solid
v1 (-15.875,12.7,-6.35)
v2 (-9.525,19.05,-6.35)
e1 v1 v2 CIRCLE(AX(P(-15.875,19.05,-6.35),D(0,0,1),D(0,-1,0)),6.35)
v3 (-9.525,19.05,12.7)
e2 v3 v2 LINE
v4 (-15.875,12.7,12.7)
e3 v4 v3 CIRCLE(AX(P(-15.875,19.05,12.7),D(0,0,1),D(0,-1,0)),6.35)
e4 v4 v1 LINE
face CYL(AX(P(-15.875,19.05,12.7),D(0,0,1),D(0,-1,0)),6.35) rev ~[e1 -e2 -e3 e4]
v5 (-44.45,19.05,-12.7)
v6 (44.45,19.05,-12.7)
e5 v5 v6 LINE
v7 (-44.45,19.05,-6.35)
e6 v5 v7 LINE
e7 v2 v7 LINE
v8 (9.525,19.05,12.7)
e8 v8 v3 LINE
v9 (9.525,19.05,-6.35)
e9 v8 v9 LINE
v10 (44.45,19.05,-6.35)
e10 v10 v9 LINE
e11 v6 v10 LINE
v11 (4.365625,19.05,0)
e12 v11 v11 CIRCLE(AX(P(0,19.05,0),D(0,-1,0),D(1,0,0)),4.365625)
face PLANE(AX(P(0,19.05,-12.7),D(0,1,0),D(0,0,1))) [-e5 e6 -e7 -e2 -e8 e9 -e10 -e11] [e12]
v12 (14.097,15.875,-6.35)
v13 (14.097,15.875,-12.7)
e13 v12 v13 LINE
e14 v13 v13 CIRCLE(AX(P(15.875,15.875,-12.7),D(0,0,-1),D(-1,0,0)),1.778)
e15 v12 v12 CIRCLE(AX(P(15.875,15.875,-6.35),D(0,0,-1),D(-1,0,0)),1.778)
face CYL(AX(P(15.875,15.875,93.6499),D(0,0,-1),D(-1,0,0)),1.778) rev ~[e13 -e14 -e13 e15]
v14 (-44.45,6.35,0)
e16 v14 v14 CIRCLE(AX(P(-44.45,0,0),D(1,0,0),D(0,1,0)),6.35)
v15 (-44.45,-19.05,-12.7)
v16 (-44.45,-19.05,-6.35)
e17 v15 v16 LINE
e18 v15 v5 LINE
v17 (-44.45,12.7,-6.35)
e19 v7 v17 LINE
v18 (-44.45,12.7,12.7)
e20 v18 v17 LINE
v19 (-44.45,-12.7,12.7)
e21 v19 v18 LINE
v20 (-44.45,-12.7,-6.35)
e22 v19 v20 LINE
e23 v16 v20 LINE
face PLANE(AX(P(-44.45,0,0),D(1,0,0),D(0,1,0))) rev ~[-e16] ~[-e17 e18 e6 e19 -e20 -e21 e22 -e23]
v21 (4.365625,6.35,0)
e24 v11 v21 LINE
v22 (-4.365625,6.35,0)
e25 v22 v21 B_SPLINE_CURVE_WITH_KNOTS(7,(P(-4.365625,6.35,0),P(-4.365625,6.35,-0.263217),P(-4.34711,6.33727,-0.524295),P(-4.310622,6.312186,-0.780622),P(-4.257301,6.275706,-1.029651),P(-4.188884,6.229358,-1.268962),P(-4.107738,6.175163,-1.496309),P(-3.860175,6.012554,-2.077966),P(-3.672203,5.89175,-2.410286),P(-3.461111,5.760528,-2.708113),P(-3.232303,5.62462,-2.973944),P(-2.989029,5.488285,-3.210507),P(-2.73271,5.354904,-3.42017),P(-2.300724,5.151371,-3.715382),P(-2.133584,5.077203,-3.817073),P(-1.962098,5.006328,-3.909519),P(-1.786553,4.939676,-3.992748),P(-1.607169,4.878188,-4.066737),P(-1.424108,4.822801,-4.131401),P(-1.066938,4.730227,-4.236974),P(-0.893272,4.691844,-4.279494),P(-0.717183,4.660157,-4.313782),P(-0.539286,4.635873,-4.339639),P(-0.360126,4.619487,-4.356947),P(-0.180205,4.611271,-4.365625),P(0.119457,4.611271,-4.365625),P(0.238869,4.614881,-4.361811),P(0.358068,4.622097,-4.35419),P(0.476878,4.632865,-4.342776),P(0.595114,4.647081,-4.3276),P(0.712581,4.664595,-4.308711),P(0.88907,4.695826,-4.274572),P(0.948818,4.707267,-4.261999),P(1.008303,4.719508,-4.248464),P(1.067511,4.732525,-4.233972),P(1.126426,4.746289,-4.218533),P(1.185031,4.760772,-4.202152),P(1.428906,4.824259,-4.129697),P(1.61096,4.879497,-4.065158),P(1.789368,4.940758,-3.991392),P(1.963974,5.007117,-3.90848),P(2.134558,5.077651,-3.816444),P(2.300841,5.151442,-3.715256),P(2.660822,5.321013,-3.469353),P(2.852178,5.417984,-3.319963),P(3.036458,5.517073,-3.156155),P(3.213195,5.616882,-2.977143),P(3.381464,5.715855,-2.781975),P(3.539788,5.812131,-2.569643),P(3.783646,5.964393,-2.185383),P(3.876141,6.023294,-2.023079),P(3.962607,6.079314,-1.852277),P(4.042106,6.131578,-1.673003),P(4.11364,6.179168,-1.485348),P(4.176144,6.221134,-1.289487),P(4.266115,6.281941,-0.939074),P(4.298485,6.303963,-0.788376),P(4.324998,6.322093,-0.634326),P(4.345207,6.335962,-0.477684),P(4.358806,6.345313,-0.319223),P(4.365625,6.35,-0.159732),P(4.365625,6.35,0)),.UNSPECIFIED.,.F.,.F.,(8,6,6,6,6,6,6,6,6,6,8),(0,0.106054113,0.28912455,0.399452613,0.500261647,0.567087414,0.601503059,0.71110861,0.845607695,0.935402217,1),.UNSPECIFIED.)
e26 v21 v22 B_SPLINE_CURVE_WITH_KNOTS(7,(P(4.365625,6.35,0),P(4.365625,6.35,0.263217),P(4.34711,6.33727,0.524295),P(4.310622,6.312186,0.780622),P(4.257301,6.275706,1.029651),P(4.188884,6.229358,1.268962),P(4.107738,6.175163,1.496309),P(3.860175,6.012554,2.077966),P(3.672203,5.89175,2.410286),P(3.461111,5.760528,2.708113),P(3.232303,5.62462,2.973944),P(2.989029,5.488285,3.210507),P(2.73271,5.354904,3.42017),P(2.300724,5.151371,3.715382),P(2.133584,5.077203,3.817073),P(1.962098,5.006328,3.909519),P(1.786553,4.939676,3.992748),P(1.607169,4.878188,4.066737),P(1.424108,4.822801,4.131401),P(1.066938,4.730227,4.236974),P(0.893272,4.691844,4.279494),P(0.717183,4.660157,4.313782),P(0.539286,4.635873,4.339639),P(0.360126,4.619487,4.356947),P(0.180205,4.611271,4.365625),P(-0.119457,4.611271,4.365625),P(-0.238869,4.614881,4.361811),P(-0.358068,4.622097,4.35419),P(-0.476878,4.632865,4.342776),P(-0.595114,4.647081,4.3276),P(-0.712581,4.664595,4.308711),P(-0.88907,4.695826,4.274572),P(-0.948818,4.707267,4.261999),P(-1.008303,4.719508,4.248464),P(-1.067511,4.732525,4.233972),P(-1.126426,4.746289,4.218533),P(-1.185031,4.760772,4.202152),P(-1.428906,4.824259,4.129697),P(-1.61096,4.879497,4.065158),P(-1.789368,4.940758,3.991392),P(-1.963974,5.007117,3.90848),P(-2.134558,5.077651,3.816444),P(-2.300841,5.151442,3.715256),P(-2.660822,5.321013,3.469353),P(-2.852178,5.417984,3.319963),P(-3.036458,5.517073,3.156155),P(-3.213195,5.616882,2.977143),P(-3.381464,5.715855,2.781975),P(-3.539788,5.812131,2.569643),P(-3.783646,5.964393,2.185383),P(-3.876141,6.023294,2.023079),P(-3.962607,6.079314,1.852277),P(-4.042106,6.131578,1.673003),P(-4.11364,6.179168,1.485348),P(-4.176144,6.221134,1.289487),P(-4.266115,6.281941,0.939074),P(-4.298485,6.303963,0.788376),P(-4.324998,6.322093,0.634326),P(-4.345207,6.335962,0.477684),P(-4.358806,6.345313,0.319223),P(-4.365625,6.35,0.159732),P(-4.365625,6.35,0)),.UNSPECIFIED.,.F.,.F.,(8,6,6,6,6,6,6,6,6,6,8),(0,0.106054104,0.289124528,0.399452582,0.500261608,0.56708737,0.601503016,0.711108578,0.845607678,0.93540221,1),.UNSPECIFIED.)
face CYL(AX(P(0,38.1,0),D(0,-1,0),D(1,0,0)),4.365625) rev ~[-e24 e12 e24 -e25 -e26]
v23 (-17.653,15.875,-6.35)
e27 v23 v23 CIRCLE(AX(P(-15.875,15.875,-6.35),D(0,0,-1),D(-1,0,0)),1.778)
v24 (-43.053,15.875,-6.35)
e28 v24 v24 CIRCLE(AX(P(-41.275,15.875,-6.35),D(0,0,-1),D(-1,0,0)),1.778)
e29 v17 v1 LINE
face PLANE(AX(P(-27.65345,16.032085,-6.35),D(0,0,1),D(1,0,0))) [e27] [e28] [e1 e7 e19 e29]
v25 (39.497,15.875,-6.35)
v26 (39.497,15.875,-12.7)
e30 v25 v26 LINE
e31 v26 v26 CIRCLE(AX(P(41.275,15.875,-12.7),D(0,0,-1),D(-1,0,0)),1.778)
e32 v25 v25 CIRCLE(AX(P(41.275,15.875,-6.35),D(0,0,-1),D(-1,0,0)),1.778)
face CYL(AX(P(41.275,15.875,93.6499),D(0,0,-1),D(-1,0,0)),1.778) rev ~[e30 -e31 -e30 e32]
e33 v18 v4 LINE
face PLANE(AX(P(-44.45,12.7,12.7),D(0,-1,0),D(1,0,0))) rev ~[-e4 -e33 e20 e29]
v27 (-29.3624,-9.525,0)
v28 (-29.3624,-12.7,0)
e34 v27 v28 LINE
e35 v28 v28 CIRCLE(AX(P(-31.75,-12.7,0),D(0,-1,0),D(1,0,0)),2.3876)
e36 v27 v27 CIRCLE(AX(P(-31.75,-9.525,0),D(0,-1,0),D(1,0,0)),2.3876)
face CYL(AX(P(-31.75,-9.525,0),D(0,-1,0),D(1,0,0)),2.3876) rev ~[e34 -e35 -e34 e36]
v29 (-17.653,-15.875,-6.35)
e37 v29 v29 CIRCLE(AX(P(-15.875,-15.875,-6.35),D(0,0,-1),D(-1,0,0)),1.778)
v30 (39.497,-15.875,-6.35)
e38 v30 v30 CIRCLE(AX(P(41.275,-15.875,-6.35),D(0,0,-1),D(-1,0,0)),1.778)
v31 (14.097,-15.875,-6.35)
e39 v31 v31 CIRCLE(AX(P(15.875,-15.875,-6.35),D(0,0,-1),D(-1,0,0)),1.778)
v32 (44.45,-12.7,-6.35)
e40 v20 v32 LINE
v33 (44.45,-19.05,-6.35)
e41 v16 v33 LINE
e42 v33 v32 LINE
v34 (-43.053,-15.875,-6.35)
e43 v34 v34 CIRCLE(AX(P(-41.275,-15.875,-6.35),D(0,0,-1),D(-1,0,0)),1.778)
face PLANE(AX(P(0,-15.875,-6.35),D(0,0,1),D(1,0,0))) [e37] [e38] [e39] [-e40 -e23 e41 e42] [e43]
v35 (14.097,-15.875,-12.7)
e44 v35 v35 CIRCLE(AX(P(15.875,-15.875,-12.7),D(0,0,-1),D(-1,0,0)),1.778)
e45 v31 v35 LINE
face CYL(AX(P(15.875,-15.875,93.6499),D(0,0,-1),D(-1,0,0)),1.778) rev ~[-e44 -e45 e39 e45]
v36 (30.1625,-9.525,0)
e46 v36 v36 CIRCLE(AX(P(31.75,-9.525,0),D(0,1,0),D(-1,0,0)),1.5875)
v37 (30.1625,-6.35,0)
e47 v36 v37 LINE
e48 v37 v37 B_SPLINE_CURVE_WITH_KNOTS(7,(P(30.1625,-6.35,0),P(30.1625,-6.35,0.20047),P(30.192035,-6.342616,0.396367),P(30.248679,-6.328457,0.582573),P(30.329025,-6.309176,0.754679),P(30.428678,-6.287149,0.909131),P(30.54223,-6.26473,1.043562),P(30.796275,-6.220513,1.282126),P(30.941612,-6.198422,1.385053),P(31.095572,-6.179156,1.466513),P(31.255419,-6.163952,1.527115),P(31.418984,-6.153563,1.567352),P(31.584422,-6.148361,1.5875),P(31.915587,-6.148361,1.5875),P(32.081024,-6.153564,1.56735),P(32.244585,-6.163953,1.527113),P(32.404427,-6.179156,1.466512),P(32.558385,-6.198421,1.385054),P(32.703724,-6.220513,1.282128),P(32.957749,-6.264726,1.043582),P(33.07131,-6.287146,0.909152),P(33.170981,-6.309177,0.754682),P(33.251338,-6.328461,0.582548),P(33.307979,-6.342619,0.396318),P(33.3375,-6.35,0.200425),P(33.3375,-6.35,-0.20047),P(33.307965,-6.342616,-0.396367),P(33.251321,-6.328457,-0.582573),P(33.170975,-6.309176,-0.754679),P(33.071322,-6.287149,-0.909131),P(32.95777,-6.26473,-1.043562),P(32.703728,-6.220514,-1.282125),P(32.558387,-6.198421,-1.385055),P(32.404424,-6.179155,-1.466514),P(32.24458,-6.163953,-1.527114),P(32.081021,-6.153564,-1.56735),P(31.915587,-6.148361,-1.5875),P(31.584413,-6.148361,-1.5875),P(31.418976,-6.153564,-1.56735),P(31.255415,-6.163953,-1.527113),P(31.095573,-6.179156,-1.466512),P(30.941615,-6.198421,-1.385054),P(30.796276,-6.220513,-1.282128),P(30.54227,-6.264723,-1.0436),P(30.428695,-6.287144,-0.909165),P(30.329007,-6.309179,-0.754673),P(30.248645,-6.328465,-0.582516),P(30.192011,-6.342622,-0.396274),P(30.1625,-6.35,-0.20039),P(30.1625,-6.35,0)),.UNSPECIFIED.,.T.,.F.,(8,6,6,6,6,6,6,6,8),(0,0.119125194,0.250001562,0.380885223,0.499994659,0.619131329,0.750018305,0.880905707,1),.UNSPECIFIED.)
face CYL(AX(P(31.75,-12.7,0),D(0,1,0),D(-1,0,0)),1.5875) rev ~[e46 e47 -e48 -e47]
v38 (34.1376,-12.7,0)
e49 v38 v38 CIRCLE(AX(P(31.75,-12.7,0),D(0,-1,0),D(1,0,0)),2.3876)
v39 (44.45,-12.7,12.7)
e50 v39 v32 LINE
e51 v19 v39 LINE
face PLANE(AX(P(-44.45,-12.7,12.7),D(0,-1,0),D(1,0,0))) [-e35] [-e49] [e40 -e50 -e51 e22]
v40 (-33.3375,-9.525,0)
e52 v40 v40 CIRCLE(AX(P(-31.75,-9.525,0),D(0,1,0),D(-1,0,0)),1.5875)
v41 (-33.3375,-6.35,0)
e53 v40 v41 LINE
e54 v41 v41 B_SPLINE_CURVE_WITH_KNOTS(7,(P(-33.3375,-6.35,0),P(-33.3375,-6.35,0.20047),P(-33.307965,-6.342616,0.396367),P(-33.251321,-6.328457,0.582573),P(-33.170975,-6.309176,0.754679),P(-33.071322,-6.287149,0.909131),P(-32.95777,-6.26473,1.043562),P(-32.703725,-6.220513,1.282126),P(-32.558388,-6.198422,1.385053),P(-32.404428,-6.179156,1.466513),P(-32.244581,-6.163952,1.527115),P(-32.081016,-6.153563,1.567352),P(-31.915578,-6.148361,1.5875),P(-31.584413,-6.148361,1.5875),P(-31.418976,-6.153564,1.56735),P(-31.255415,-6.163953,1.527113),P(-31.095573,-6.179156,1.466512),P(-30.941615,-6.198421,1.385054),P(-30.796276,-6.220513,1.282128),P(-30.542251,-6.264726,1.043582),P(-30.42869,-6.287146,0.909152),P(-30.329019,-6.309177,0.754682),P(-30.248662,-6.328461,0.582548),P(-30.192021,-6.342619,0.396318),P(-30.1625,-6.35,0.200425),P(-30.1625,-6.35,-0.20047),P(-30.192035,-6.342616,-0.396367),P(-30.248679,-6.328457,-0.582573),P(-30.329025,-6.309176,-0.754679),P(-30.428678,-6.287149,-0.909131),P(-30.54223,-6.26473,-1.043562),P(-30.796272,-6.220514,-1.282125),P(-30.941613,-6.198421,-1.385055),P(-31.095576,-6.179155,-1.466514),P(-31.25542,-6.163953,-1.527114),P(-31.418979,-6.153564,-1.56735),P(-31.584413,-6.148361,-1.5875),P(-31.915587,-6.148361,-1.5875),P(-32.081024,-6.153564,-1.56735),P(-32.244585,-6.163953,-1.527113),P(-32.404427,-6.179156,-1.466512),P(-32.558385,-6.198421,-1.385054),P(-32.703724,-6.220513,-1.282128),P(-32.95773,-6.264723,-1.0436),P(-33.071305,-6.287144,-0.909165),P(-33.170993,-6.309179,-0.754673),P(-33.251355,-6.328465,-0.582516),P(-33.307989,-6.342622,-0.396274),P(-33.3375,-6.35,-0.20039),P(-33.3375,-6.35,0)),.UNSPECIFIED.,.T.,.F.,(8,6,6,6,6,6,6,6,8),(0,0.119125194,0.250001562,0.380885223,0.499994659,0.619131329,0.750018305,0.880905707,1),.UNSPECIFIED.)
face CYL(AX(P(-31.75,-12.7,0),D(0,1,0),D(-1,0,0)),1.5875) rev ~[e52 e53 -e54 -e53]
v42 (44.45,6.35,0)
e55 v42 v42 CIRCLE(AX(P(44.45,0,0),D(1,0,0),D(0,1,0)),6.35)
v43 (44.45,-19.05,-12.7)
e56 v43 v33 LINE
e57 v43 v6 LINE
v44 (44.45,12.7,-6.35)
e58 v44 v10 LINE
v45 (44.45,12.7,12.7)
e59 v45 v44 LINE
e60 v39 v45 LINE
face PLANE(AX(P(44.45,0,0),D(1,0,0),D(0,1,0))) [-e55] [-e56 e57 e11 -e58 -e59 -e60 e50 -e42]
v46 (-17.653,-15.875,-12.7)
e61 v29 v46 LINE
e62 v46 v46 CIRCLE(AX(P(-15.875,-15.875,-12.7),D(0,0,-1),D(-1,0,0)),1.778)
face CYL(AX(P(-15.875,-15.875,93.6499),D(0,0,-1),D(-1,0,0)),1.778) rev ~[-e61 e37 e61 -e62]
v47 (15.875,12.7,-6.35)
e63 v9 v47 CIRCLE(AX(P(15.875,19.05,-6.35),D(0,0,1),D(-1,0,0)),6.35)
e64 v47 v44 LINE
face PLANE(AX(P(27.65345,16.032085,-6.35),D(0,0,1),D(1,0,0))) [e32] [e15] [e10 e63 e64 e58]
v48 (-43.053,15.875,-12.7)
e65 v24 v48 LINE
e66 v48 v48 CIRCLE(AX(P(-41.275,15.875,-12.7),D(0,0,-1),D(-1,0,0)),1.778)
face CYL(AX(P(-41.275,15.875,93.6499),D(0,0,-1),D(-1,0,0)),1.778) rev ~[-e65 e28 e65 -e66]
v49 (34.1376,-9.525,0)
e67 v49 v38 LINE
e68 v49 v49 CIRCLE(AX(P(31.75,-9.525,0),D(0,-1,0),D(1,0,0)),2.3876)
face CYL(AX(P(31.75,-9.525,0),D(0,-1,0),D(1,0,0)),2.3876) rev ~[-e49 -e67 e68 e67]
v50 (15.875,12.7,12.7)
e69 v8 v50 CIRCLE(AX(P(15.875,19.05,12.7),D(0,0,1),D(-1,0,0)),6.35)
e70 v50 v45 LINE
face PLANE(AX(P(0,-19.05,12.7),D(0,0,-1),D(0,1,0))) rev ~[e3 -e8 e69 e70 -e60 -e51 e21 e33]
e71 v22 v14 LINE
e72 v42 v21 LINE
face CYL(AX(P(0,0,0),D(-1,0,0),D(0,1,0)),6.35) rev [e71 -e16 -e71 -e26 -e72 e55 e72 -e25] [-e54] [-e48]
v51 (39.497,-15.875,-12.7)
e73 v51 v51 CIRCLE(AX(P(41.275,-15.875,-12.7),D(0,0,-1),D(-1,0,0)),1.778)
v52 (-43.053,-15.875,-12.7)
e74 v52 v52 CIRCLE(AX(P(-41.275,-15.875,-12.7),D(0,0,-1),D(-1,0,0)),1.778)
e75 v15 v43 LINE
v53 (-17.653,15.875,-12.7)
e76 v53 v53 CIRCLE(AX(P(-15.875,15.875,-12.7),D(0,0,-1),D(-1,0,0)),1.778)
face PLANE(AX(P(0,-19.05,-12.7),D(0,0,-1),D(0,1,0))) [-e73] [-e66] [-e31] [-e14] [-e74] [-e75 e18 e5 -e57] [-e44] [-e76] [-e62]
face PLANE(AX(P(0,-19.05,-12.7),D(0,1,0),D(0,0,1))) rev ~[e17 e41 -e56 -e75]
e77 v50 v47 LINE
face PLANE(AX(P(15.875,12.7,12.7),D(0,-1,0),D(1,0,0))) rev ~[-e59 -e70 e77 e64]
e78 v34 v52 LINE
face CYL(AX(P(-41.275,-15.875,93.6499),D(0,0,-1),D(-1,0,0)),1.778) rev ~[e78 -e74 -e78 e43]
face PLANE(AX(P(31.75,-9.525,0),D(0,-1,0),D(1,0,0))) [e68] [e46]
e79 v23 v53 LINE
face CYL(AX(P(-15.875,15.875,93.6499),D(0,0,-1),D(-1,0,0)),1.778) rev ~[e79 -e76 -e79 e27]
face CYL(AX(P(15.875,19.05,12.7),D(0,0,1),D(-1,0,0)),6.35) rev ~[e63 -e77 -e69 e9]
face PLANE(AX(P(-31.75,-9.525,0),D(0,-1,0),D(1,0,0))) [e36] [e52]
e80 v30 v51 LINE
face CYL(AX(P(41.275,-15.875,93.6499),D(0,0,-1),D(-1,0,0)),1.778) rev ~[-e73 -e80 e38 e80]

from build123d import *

# Parameters (mm, degrees)
F0_W           = 38.1
F0_H           = 25.4
F0_R           = 6.35
F1_DEPTH       = 44.45
F2_W           = 88.9
F2_H           = 6.35
F3_DEPTH       = 19.05
F5_D           = 8.73125
F5_DEPTH       = 19.05
F5_TIP         = 2.6231321399
F7_D           = 3.175
F7_DEPTH       = 12.7
F7_CBORE_D     = 4.7752
F7_CBORE_DEPTH = 3.175
F7_TIP         = 0.9538662327
F9_D           = 3.556


with BuildPart() as f1:
    # F0 (on Right) → F1 (new body, symmetric)
    with BuildSketch(Plane.YZ):
        Rectangle(F0_W, F0_H)
        Circle(F0_R, mode=Mode.SUBTRACT)
    extrude(amount=F1_DEPTH, both=True)

    # F2 (on face) → F3 (cut)
    with BuildSketch(Plane.XY.offset(12.7)):
        with BuildLine():
            Line((-9.525, 19.05), (-44.45, 19.05))
            Line((-44.45, 19.05), (-44.45, 12.7))
            Line((-44.45, 12.7), (-15.875, 12.7))
            ThreePointArc((-15.875, 12.7), (-11.3848719395, 14.5598719395), (-9.525, 19.05))
        make_face()
        with BuildLine():
            Line((44.45, 12.7), (44.45, 19.05))
            Line((44.45, 19.05), (9.525, 19.05))
            ThreePointArc((9.525, 19.05), (11.3848719395, 14.5598719395), (15.875, 12.7))
            Line((15.875, 12.7), (44.45, 12.7))
        make_face()
        with Locations((0, -15.875)):
            Rectangle(F2_W, F2_H)
    extrude(amount=-F3_DEPTH, mode=Mode.SUBTRACT)

    # F5
    with Locations(Plane(origin=(0, 19.05, 0), x_dir=(-1, 0, 0), z_dir=(0, 1, 0))):
        with Locations((0, 0)):
            Hole(F5_D / 2, depth=F5_DEPTH)
            with Locations((0, 0, -(F5_DEPTH + F5_TIP / 2))):  # 118° drill point
                Cone(0, F5_D / 2, F5_TIP, mode=Mode.SUBTRACT)

    # F7
    with Locations(Plane.XZ.offset(12.7)):
        with Locations((-31.75, 0), (31.75, 0)):
            CounterBoreHole(F7_D / 2, F7_CBORE_D / 2, F7_CBORE_DEPTH, depth=F7_DEPTH)
            with Locations((0, 0, -(F7_DEPTH + F7_TIP / 2))):  # 118° drill point
                Cone(0, F7_D / 2, F7_TIP, mode=Mode.SUBTRACT)

    # F9 (through all)
    with Locations(Plane.XY.offset(-6.35)):
        with Locations((-41.275, 15.875), (-15.875, 15.875), (15.875, 15.875), (41.275, 15.875), (41.275, -15.875), (15.875, -15.875), (-15.875, -15.875), (-41.275, -15.875)):
            Hole(F9_D / 2)


solid = f1.part
